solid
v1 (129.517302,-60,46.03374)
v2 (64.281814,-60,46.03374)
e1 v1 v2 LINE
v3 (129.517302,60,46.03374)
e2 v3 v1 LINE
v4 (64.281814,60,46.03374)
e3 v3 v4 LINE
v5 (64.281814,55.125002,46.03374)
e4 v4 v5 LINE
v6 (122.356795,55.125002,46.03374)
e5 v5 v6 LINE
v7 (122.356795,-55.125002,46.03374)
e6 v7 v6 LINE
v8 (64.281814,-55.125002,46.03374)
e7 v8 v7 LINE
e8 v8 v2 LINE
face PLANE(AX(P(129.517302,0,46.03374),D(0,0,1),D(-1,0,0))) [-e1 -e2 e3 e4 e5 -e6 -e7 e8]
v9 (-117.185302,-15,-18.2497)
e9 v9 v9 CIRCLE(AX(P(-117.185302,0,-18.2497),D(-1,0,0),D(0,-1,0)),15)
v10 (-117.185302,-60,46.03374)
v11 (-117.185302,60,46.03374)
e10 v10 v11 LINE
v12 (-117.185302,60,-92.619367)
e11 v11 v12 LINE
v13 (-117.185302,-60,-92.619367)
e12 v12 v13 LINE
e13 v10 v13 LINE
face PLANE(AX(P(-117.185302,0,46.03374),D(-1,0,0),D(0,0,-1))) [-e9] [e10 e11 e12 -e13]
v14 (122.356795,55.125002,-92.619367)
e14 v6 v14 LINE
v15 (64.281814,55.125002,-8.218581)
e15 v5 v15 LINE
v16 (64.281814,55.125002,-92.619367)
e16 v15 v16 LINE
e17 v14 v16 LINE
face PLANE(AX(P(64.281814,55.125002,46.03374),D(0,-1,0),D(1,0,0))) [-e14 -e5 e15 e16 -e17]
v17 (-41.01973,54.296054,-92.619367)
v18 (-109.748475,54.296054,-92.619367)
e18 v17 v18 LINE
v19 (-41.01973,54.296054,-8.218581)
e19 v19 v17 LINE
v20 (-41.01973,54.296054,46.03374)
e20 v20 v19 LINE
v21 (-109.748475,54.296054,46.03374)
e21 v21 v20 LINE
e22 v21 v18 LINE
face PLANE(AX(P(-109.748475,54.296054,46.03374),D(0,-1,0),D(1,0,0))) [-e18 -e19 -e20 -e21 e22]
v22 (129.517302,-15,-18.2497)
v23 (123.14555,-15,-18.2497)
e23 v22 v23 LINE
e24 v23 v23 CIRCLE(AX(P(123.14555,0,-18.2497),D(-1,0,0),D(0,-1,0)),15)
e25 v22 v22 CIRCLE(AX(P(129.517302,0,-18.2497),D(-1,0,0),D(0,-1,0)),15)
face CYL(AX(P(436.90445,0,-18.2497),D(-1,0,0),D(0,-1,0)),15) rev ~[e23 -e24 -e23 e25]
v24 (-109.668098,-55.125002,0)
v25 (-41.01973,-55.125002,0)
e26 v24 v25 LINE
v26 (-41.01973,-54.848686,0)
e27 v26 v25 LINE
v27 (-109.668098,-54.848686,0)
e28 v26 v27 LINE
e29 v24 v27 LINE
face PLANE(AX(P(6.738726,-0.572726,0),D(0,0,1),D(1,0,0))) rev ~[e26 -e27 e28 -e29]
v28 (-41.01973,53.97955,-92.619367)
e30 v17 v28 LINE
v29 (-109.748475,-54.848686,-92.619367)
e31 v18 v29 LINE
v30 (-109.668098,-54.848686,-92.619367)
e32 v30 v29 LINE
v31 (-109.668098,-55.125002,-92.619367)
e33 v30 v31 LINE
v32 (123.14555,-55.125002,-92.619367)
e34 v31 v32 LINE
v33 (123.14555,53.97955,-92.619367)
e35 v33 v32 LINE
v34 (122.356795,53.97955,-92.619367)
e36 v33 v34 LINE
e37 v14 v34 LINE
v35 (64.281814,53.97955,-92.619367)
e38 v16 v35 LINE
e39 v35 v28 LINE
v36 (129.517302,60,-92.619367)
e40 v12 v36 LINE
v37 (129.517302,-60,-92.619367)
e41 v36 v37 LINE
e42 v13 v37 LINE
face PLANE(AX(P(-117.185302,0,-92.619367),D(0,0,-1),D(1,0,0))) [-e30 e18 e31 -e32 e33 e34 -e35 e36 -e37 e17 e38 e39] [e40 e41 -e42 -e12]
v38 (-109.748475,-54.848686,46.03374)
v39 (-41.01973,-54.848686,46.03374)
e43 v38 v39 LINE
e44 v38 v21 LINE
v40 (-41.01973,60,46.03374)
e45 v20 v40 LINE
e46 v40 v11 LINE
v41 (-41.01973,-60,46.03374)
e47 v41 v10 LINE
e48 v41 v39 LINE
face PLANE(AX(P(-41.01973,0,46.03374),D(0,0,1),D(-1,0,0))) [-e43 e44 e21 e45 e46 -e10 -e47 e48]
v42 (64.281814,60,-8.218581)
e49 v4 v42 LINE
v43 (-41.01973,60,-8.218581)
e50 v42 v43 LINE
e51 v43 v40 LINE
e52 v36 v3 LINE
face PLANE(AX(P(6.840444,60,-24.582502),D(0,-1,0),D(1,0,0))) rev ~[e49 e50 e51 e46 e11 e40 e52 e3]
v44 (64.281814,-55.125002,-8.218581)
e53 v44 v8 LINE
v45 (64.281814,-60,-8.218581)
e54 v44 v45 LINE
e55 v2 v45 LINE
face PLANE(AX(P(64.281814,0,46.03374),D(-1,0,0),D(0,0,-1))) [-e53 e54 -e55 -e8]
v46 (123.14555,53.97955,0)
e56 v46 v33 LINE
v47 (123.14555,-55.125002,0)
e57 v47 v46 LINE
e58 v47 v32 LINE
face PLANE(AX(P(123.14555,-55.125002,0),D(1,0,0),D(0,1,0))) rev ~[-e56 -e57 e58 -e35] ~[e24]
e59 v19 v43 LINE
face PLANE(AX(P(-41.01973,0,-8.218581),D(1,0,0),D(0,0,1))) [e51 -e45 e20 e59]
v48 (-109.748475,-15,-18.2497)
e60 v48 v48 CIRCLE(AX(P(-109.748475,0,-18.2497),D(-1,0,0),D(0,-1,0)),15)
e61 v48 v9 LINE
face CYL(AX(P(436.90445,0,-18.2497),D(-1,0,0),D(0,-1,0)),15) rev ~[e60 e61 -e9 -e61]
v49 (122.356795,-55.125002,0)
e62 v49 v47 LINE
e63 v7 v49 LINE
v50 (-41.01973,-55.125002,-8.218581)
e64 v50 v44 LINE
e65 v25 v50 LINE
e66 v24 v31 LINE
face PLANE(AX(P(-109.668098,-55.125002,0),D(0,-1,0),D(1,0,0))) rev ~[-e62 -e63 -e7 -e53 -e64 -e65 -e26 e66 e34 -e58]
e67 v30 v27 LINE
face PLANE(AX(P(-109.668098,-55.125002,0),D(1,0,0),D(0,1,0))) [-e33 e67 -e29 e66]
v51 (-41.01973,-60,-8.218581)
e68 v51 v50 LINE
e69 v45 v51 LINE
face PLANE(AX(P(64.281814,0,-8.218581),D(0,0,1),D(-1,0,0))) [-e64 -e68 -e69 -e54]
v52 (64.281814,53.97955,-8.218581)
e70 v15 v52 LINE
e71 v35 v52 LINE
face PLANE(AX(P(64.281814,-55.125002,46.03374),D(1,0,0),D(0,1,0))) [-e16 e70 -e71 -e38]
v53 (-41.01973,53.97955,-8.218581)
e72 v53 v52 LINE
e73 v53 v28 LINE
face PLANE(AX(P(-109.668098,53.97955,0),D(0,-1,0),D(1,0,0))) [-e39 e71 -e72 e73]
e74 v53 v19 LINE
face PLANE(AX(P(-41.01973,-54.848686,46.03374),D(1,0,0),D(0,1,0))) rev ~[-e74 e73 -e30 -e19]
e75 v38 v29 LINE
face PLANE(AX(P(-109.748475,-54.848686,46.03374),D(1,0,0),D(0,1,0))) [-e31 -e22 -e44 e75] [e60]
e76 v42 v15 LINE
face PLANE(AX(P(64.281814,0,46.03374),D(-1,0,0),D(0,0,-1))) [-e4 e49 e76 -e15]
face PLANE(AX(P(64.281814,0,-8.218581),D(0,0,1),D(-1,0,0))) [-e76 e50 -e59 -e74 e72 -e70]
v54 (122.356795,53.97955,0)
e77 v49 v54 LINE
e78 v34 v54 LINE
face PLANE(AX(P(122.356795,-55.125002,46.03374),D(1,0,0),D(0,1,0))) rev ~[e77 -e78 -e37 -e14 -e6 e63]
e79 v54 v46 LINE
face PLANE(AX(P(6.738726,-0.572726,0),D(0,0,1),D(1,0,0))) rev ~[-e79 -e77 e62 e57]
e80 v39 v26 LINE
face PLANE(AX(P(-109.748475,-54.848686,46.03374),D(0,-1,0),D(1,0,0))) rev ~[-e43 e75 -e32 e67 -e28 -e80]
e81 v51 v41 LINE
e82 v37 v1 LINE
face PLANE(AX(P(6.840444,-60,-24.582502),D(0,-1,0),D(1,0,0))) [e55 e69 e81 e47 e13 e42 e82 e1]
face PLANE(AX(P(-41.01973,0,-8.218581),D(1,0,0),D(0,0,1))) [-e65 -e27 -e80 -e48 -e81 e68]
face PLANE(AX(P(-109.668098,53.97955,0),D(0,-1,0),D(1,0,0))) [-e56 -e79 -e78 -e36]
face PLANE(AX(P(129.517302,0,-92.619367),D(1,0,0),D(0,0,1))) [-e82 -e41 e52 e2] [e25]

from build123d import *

# Parameters (mm, degrees)
F1_DEPTH = 60
F4_W     = 68.7287449837
F4_H     = 109.1447398067
F5_DEPTH = 150.7
F2_W     = 232.8136488795
F2_H     = 109.1045513749
F6_DEPTH = 101.1
F7_W     = 58.0749809742
F7_H     = 110.2500036359
F8_DEPTH = 147.8
F9_D     = 30


with BuildPart() as f1:
    # F0 (on Front) → F1 (new body, symmetric)
    with BuildSketch(Plane.XZ):
        Polygon((-117.1853020787, 46.0337400436), (-117.1853020787, -92.6193669438), (129.5173019171, -92.6193669438), (129.5173019171, 46.0337400436), (64.2818138003, 46.0337400436), (64.2818138003, -8.2185808569), (-41.0197302699, -8.2185808569), (-41.0197302699, 46.0337400436), align=None)
    extrude(amount=F1_DEPTH, both=True)

    # F4 (on face) → F5 (cut)
    with BuildSketch(Plane.XY.offset(46.0337400436)):
        with Locations((-75.3841027617, -0.2763159573)):
            Rectangle(F4_W, F4_H)
    extrude(amount=-F5_DEPTH, mode=Mode.SUBTRACT)

    # F2 (on Top) → F6 (cut)
    with BuildSketch(Plane.XY):
        with Locations((6.7387260497, -0.5727261305)):
            Rectangle(F2_W, F2_H)
    extrude(amount=-F6_DEPTH, mode=Mode.SUBTRACT)

    # F7 (on face) → F8 (cut)
    with BuildSketch(Plane.XY.offset(46.0337400436)):
        with Locations((93.3193042874, 0)):
            Rectangle(F7_W, F7_H)
    extrude(amount=-F8_DEPTH, mode=Mode.SUBTRACT)

    # F9 (through all)
    with Locations(Plane.YZ.offset(129.5173019171)):
        with Locations((0, -18.2496998459)):
            Hole(F9_D / 2)


solid = f1.part
